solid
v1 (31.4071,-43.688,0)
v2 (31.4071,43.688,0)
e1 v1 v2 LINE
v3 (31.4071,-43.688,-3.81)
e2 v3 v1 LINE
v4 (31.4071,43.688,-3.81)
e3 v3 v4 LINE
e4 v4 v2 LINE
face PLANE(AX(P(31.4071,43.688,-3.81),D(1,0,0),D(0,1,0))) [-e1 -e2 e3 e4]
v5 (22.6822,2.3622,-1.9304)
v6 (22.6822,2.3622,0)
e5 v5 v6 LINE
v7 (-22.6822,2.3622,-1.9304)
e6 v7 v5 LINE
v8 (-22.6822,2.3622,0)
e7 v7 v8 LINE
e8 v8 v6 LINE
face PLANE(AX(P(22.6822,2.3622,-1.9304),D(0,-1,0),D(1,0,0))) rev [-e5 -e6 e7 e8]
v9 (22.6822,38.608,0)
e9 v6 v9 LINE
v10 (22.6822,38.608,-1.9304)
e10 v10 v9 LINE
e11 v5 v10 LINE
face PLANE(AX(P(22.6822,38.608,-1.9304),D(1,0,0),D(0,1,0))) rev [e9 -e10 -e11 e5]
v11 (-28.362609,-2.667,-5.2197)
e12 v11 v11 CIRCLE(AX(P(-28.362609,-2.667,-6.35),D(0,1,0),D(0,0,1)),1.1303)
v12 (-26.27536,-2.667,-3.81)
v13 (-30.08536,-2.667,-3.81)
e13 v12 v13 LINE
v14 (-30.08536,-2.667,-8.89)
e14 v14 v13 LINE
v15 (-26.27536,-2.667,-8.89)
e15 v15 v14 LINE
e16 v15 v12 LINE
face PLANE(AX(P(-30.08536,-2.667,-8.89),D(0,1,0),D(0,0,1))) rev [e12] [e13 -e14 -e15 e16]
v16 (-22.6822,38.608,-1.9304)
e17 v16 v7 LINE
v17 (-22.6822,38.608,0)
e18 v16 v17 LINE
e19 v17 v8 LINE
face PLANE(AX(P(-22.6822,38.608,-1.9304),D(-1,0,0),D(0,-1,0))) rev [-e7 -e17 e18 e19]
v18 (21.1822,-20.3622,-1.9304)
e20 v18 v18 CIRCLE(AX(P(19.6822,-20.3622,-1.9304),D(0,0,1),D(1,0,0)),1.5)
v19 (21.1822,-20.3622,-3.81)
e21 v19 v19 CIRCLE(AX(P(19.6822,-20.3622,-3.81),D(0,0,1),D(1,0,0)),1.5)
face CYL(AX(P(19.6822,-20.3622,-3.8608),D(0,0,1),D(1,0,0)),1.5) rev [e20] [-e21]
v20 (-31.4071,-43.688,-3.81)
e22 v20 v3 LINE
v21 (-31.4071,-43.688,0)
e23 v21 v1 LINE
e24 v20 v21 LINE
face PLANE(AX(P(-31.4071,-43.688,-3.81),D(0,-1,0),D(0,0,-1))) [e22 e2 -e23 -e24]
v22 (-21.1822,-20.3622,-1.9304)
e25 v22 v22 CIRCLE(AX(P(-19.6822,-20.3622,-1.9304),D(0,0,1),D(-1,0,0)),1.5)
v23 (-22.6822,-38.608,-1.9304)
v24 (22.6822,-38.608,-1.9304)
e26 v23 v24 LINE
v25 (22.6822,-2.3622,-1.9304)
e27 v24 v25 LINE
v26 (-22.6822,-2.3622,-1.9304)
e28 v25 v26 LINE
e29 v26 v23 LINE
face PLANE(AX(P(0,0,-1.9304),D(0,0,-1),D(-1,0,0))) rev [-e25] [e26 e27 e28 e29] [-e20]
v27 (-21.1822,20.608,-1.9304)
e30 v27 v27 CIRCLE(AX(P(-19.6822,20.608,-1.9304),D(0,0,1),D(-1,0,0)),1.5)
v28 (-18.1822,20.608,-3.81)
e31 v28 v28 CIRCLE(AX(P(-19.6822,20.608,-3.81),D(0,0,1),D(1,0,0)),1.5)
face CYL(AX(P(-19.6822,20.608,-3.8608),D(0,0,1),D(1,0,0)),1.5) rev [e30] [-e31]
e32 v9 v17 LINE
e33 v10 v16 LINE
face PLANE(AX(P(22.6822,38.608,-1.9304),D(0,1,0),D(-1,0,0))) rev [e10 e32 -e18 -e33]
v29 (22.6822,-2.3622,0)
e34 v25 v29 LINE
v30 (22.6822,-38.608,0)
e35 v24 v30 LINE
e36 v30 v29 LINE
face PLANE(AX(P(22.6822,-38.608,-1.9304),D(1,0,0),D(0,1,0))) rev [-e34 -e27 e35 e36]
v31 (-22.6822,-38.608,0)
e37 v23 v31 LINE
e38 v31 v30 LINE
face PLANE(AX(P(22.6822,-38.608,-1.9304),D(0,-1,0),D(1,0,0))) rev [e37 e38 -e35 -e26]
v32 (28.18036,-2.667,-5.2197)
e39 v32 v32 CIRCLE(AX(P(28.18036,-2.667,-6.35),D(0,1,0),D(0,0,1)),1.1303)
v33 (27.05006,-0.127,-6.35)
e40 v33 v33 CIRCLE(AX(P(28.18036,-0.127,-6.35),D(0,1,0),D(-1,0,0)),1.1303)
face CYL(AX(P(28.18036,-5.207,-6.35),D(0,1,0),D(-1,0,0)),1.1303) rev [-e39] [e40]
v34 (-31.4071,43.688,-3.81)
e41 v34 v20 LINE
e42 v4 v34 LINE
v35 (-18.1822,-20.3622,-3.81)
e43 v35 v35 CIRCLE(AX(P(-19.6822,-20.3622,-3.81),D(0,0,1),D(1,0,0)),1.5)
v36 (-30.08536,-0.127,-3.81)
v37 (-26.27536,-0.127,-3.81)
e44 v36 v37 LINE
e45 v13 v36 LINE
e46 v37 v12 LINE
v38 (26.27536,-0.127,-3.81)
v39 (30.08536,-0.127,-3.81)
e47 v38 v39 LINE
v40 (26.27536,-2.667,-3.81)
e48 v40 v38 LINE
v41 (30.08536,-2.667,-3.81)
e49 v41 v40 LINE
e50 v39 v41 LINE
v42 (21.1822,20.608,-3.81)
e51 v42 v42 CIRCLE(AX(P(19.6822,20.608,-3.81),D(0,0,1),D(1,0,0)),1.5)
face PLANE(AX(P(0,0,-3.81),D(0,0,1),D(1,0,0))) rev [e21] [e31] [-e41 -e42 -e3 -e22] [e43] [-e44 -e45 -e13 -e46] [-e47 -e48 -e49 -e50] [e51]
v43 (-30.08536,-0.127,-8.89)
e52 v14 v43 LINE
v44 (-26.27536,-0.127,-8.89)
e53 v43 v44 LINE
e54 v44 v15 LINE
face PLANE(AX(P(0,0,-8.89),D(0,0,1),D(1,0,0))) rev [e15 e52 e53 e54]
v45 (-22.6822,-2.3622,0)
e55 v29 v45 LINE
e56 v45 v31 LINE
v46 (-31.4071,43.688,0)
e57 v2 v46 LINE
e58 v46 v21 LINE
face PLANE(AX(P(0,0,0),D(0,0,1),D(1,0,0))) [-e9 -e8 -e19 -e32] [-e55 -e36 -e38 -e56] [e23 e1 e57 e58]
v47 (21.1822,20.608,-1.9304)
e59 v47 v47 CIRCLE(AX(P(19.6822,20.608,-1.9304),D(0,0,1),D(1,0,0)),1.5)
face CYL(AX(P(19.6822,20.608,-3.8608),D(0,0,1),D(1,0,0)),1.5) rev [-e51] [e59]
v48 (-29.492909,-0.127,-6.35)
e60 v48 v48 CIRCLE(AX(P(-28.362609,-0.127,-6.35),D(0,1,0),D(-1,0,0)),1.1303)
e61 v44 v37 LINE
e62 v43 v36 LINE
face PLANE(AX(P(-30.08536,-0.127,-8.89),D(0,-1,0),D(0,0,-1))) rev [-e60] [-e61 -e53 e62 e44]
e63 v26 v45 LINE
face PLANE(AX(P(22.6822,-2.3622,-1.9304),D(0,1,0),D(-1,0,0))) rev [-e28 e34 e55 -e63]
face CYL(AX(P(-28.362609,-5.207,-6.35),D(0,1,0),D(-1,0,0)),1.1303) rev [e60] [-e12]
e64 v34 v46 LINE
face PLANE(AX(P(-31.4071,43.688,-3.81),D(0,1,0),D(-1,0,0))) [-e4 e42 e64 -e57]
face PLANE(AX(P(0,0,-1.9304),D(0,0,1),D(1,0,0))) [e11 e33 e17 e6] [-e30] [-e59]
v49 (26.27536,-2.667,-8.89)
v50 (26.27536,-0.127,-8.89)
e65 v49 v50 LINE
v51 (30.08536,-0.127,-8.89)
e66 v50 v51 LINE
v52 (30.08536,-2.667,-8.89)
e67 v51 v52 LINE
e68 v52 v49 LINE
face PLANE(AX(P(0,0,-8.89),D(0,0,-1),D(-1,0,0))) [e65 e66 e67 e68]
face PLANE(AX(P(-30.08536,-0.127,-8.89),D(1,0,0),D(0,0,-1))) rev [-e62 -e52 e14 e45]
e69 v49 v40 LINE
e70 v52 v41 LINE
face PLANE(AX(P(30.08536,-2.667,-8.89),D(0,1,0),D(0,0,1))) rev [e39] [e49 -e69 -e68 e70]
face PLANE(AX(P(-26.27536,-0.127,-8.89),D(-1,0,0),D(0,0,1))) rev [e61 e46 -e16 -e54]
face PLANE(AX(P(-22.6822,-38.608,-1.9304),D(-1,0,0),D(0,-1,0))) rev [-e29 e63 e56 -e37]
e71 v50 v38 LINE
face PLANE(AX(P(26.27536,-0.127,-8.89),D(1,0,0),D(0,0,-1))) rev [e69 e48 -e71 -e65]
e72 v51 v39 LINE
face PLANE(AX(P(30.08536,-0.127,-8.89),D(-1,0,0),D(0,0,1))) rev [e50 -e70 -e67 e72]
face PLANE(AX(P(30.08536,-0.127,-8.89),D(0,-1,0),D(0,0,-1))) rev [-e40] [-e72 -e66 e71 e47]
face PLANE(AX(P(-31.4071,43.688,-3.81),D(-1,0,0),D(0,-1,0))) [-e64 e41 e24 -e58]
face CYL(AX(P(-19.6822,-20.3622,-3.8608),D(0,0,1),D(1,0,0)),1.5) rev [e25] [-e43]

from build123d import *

# Parameters (mm, degrees)
SKETCH12_W          = 62.8142
SKETCH12_H          = 87.376
BOSS_EXTRUDE5_DEPTH = 3.81
SKETCH22_W          = 3.81
SKETCH22_H          = 2.54
BOSS_EXTRUDE6_DEPTH = 5.08
SKETCH23_R          = 1.1303
CUT_EXTRUDE5_DEPTH  = 5.08
SKETCH25_W          = 45.3644
SKETCH25_H          = 36.2458
CUT_EXTRUDE6_DEPTH  = 1.9304
SKETCH26_R          = 1.5
CUT_EXTRUDE7_DEPTH  = 1.9304


with BuildPart() as part:
    # Sketch12 → Boss-Extrude5 (new body)
    with BuildSketch(Plane.XY):
        Rectangle(SKETCH12_W, SKETCH12_H)
    extrude(amount=-BOSS_EXTRUDE5_DEPTH)

    # Sketch22 → Boss-Extrude6 (add)
    with BuildSketch(Plane(origin=(0, 0, -3.81), x_dir=(-1, 0, 0), z_dir=(0, 0, -1))):
        with Locations((-28.1803602, -1.397)):
            Rectangle(SKETCH22_W, SKETCH22_H)
        with Locations((28.1803602, -1.397)):
            Rectangle(SKETCH22_W, SKETCH22_H)
    extrude(amount=BOSS_EXTRUDE6_DEPTH)

    # Sketch23 → Cut-Extrude5 (cut)
    with BuildSketch(Plane(origin=(0, -0.127, 0), x_dir=(1, 0, 0), z_dir=(0, 1, 0))):
        with Locations((28.1803602, 6.35)):
            Circle(SKETCH23_R)
        with Locations((-28.362608627, 6.35)):
            Circle(SKETCH23_R)
    extrude(amount=-CUT_EXTRUDE5_DEPTH, mode=Mode.SUBTRACT)

    # Sketch25 → Cut-Extrude6 (cut)
    with BuildSketch(Plane.XY):
        with Locations((0, 20.4851)):
            Rectangle(SKETCH25_W, SKETCH25_H)
        with Locations((0, -20.4851)):
            Rectangle(SKETCH25_W, SKETCH25_H)
    extrude(amount=-CUT_EXTRUDE6_DEPTH, mode=Mode.SUBTRACT)

    # Sketch26 → Cut-Extrude7 (cut)
    with BuildSketch(Plane.XY.offset(-1.9304)):
        with Locations((19.6822, 20.608)):
            Circle(SKETCH26_R)
        with Locations((19.6822, -20.3622)):
            Circle(SKETCH26_R)
        with Locations((-19.6822, -20.3622)):
            Circle(SKETCH26_R)
        with Locations((-19.6822, 20.608)):
            Circle(SKETCH26_R)
    extrude(amount=-CUT_EXTRUDE7_DEPTH, mode=Mode.SUBTRACT)


solid = part.part
